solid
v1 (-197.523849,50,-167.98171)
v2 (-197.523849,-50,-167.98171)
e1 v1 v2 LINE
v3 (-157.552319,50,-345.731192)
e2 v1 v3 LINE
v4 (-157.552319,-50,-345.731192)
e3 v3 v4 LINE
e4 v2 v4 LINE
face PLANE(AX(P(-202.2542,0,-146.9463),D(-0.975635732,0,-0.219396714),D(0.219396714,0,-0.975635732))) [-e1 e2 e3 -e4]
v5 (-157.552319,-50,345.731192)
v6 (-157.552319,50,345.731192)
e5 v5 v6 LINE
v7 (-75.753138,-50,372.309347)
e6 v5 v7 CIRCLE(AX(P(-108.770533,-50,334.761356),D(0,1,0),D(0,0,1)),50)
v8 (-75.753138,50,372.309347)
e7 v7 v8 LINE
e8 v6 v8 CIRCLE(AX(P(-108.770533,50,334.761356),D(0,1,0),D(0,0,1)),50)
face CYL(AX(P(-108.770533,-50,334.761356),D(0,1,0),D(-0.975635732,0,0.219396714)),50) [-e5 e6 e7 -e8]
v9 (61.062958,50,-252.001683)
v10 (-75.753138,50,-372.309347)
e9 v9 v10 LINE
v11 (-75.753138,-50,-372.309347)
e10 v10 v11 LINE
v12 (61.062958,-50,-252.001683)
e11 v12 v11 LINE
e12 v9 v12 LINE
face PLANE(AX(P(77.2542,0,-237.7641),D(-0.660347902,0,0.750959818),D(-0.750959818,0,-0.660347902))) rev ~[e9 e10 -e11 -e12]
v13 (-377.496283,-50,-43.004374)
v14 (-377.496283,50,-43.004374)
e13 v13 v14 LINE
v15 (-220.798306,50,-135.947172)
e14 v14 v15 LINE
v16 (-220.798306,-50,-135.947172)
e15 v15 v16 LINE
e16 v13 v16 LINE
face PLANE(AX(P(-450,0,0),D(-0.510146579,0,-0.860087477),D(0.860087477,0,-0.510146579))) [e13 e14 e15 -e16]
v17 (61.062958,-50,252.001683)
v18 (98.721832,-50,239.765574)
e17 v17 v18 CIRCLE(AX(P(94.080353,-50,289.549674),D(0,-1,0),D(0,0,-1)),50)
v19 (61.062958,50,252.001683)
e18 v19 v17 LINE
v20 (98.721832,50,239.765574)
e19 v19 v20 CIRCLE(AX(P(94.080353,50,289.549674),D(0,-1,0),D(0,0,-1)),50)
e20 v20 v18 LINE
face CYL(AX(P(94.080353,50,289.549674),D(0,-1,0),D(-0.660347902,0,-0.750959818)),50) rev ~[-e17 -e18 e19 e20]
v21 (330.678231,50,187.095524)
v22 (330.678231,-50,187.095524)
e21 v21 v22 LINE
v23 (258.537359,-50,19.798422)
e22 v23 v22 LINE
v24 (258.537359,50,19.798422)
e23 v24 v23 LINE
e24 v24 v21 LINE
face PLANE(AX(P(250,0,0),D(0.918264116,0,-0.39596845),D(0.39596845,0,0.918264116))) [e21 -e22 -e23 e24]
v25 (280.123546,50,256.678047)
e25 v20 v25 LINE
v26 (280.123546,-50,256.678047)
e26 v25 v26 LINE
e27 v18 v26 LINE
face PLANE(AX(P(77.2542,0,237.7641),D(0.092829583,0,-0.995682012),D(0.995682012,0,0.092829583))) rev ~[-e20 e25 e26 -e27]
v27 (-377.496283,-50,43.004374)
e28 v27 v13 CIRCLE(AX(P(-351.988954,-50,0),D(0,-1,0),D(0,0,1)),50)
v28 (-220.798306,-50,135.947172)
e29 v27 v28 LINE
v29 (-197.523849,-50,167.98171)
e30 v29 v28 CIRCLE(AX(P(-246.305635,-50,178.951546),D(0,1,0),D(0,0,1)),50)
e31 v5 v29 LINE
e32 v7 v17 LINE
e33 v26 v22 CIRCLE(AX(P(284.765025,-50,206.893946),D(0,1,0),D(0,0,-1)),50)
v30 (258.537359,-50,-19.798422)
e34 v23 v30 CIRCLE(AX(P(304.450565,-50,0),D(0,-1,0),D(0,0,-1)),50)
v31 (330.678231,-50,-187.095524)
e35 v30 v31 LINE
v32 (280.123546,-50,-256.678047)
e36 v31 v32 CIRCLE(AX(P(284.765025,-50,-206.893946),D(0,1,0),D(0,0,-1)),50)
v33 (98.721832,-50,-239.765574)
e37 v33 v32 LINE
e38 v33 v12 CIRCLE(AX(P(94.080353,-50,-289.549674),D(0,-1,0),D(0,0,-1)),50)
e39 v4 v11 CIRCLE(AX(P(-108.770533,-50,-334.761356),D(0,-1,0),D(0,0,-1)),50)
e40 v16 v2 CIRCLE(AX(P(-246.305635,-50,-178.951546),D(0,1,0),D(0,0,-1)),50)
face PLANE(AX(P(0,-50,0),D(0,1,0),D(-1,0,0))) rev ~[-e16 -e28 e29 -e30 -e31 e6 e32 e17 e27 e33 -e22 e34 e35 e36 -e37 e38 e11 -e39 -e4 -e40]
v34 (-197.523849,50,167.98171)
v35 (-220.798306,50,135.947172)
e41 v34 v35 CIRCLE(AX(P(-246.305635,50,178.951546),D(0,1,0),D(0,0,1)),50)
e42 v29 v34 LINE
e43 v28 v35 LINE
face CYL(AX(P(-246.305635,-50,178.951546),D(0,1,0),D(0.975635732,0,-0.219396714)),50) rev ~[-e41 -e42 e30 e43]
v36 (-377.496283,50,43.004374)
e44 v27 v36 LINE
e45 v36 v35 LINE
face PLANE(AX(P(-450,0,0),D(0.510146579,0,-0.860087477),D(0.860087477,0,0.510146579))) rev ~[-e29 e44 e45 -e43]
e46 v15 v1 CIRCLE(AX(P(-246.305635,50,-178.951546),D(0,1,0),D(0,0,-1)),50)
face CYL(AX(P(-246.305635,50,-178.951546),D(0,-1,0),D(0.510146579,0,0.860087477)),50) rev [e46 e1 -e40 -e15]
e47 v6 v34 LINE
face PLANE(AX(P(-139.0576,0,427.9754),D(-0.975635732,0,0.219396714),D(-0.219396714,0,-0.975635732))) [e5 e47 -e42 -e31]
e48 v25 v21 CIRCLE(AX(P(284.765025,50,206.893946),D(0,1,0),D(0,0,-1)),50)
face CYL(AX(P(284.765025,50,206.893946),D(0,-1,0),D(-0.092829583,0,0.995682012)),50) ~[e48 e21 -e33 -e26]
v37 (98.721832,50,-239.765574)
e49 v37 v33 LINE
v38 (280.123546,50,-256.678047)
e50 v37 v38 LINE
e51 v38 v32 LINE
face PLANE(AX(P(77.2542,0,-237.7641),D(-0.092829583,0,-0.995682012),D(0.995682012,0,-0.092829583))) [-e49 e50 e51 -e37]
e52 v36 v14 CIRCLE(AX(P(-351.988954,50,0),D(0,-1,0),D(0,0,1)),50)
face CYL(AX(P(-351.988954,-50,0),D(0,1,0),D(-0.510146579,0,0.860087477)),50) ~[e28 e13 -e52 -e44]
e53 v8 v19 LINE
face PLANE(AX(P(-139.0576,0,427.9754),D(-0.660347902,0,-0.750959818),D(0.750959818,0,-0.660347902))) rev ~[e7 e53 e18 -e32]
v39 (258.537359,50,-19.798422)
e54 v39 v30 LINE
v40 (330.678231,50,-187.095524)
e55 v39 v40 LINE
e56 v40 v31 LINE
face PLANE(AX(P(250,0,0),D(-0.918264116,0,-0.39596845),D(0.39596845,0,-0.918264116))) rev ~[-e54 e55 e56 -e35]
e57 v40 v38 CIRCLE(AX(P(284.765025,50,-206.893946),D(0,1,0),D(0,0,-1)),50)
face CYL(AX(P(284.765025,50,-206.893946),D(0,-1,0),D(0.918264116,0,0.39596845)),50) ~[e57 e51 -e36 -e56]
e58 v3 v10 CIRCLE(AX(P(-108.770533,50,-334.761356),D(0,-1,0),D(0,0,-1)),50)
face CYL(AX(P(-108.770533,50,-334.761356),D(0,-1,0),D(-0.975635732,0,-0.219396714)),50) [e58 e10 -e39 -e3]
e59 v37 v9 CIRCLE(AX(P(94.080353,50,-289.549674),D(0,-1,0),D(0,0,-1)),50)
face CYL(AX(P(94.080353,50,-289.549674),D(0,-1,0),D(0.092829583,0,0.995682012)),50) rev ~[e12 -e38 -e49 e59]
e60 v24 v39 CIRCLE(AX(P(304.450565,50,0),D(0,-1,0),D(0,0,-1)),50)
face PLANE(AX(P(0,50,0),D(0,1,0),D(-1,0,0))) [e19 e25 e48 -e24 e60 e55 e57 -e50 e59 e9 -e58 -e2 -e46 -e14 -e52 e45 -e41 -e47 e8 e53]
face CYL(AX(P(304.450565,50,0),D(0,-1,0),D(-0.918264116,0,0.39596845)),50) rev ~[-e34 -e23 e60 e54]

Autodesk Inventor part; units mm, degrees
ref_plane "YZ Plane" through (0, 0, 0) normal (1, 0, 0) x (0, 1, 0)
ref_plane "XZ Plane" through (0, 0, 0) normal (0, 1, 0) x (-1, 0, 0)
ref_plane "XY Plane" through (0, 0, 0) normal (0, 0, 1) x (1, 0, 0)
sketch "Sketch2" plane through (0, 0, 0) normal (0, 1, 0) x (-1, 0, 0)
  line L0 (450, 0) -> (139.0576, -427.9754) construction
  line L1 (139.0576, -427.9754) -> (-364.0576, -264.5034) construction
  line L2 (-364.0576, -264.5034) -> (-364.0576, 264.5034) construction
  line L3 (-364.0576, 264.5034) -> (139.0576, 427.9754) construction
  line L4 (139.0576, 427.9754) -> (450, 0) construction
  circle A0 centre (0, 0) radius 450 construction
  line L5 (-250, 0) -> (-77.2542, 237.7641) construction
  line L6 (-77.2542, 237.7641) -> (202.2542, 146.9463) construction
  line L7 (202.2542, 146.9463) -> (202.2542, -146.9463) construction
  line L8 (202.2542, -146.9463) -> (-77.2542, -237.7641) construction
  line L9 (-77.2542, -237.7641) -> (-250, 0) construction
  circle A1 centre (0, 0) radius 250 construction
  line L10 (450, 0) -> (202.2542, 146.9463)
  line L11 (139.0576, 427.9754) -> (202.2542, 146.9463)
  line L12 (139.0576, 427.9754) -> (-77.2542, 237.7641)
  line L13 (-77.2542, 237.7641) -> (-364.0576, 264.5034)
  line L14 (-250, 0) -> (-364.0576, 264.5034)
  line L15 (-250, 0) -> (-364.0576, -264.5034)
  line L16 (-77.2542, -237.7641) -> (-364.0576, -264.5034)
  line L17 (202.2542, -146.9463) -> (139.0576, -427.9754)
  line L18 (-77.2542, -237.7641) -> (139.0576, -427.9754)
  line L19 (450, 0) -> (202.2542, -146.9463)
  dimension "d17" = 500
  dimension "d16" = 450
extrude "Extrusion2" add sketch "Sketch2" along normal mid plane 100
fillet "Fillet1" radius 50 1 edges at (-139.0576, 0, 427.9754)
fillet "Fillet2" radius 50 9 edges at (364.0576, 0, 264.5034) (364.0576, 0, -264.5034) (-139.0576, 0, -427.9754) (-450, 0, 0) (-202.2542, 0, -146.9463) (-202.2542, 0, 146.9463) (77.2542, 0, -237.7641) (250, 0, 0) (77.2542, 0, 237.7641)
properties part number "star"
